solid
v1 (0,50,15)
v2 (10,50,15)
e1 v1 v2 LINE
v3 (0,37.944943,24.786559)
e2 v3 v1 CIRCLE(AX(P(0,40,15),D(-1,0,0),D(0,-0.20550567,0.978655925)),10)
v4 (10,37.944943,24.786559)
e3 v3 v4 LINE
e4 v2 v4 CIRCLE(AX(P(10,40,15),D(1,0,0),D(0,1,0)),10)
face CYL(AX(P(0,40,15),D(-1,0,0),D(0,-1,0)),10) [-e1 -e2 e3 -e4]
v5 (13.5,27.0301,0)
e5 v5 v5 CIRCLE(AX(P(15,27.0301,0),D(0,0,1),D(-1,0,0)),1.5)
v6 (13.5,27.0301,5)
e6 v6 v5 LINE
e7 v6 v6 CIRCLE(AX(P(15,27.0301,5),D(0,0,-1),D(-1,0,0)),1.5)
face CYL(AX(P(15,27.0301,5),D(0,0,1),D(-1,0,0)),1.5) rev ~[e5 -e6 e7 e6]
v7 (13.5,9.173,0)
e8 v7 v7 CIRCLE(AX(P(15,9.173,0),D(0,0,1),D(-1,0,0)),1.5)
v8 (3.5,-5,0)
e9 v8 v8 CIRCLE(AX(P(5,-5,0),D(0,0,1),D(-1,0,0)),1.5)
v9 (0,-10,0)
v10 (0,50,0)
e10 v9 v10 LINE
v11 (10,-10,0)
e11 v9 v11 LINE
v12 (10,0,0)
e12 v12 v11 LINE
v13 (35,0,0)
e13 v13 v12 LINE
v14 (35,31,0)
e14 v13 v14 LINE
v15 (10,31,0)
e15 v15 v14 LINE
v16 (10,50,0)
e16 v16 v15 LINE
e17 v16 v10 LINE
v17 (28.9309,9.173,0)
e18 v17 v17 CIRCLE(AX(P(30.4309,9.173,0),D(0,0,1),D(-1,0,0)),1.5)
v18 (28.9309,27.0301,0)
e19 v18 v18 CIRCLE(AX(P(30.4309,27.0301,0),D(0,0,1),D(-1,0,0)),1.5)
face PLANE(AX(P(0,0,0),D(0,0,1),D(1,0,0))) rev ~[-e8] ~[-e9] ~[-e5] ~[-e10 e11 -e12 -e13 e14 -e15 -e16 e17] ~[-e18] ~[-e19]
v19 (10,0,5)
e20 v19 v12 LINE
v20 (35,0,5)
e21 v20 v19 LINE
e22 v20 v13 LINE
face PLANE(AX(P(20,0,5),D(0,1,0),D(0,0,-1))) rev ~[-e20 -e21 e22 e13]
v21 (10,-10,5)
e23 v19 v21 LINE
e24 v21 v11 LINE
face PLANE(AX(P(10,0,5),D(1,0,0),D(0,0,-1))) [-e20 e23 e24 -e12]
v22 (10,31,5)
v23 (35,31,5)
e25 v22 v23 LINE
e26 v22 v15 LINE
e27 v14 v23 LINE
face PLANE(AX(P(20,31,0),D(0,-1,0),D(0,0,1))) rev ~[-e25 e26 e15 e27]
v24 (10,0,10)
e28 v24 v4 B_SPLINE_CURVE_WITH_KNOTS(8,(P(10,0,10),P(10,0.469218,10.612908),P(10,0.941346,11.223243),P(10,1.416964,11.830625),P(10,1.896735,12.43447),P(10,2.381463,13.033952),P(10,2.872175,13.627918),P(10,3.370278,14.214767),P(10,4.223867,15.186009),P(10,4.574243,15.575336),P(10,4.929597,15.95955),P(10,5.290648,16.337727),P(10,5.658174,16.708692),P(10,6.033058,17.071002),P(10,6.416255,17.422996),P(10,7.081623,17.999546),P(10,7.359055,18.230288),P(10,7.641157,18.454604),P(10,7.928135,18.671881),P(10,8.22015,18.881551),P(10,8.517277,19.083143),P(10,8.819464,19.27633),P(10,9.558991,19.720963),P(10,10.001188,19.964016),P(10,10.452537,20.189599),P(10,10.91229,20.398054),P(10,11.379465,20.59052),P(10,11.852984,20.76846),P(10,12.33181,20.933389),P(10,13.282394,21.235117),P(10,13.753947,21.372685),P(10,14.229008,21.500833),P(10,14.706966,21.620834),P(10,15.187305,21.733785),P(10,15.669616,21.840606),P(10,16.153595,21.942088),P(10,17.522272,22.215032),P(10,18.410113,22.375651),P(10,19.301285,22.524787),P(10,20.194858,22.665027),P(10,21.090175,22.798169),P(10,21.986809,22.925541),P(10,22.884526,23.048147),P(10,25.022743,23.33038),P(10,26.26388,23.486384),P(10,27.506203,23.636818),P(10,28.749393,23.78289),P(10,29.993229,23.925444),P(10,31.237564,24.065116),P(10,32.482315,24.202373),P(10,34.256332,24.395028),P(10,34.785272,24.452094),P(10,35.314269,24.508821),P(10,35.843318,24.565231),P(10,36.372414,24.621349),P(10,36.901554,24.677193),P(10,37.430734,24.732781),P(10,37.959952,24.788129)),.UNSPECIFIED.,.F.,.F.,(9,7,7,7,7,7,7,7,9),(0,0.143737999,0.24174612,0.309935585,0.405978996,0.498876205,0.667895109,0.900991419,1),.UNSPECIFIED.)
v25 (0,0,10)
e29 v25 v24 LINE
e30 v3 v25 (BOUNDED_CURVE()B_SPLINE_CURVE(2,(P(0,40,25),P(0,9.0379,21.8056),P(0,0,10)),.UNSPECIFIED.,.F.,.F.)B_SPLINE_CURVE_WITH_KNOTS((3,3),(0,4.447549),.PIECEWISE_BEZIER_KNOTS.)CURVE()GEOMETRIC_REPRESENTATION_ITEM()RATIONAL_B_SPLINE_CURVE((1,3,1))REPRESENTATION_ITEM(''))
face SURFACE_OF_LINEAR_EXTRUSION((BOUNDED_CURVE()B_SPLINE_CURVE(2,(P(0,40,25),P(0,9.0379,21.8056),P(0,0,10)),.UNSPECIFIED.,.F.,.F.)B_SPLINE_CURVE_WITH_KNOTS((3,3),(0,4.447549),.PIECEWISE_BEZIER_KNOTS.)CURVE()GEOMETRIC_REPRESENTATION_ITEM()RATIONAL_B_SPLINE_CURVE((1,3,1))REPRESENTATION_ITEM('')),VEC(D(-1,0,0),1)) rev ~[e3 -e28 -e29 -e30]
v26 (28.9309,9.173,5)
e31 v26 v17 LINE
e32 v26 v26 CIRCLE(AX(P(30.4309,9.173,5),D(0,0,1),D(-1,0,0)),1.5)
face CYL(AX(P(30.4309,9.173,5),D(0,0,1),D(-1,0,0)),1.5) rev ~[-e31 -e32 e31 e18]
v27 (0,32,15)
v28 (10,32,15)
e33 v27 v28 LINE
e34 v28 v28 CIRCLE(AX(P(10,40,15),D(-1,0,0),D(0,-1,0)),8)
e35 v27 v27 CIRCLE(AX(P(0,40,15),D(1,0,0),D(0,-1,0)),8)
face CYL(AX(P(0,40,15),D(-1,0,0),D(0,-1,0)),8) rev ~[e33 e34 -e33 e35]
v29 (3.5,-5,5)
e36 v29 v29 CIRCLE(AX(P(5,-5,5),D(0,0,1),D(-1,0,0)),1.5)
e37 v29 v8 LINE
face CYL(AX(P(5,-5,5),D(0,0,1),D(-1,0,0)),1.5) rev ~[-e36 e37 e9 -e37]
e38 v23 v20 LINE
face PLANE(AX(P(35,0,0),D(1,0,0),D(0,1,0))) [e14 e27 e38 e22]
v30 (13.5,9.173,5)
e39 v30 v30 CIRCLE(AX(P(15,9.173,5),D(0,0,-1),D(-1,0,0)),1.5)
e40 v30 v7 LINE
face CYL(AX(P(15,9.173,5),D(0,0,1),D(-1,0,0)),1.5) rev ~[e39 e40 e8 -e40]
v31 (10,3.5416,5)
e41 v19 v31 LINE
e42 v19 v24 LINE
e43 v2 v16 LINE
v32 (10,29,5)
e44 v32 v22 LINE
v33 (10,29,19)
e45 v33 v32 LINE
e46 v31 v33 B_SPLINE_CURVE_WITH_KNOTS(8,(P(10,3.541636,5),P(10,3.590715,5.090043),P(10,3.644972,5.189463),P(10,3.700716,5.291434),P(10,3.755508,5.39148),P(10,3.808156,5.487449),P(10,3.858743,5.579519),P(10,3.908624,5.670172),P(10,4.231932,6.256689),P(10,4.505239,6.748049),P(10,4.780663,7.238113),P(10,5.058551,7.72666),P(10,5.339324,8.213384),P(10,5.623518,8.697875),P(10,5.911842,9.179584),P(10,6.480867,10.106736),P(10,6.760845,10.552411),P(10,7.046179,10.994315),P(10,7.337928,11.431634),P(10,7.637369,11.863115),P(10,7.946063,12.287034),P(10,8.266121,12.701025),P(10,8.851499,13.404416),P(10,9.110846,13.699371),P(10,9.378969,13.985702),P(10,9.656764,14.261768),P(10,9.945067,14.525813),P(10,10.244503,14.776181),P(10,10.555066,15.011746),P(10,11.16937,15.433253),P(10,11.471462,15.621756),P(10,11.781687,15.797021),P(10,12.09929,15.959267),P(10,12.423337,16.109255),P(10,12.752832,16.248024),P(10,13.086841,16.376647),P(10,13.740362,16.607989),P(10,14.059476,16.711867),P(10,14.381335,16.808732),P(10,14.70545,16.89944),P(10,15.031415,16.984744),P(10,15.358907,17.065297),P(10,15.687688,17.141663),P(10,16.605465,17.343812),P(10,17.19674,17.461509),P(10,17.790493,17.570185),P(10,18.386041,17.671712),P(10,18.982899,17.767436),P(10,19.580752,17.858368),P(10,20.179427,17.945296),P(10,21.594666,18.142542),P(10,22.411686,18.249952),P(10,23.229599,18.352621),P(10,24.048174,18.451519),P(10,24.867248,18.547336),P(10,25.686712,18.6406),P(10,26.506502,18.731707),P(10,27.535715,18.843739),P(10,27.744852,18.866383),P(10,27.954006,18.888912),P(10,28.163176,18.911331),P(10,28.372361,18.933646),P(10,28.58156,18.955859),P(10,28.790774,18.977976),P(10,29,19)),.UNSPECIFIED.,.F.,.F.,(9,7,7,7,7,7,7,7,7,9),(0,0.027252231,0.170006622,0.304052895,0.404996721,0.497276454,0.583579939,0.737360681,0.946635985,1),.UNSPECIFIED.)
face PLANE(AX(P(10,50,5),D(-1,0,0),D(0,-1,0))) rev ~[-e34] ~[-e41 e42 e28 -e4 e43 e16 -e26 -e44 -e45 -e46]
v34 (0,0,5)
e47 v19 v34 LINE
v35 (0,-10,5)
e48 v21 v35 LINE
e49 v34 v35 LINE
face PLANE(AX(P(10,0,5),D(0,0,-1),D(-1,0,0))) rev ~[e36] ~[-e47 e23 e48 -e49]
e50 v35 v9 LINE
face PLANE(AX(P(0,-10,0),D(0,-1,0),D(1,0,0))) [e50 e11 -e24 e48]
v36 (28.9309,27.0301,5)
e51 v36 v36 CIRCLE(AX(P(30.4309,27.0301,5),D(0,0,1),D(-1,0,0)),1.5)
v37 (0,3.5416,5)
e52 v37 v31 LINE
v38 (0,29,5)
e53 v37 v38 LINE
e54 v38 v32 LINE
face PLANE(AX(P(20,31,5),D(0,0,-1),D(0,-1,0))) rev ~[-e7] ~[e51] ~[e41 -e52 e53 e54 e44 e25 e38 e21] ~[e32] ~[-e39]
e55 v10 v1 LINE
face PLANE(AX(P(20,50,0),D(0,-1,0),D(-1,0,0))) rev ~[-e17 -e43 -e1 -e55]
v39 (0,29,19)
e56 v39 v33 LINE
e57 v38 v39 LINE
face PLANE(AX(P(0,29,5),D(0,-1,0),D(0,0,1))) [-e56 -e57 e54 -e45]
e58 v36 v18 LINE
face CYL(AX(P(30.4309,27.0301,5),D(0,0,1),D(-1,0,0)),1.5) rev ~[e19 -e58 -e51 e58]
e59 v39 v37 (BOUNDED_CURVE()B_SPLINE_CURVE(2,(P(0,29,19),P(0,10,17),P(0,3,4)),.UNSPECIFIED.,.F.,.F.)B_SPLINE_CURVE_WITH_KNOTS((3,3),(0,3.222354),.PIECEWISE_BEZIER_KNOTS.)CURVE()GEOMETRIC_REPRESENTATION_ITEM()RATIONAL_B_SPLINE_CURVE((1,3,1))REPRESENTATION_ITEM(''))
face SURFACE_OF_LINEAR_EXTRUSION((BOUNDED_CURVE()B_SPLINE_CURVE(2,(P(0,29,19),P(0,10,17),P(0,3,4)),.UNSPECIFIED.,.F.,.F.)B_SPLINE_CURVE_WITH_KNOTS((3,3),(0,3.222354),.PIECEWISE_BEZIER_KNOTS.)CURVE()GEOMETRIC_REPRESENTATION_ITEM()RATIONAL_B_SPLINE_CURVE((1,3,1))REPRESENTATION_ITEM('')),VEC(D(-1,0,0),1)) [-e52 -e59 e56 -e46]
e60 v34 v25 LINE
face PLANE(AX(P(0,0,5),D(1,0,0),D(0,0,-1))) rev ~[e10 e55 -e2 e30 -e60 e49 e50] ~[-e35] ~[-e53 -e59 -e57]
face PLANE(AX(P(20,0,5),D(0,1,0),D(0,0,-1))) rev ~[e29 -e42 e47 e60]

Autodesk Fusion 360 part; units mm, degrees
sketch "Sketch1" plane through (0, 0, 0) normal (0, 0, 1) x (1, 0, 0)
  line L0 (0, 0) -> (20, 0)
  line L1 (20, 0) -> (20, 50)
  line L2 (20, 50) -> (0, 50)
  line L3 (0, 50) -> (0, 0)
  dimension "d1" = 50
extrude "Extrude1" add sketch "Sketch1" along normal blind 30
sketch "Sketch2" plane through (0, 0, 0) normal (0, -1, 0) x (1, 0, 0)
  line L0 (0, 0) -> (20, 0)
  line L1 (20, 0) -> (20, 30)
  line L2 (20, 30) -> (0, 30)
  line L3 (0, 30) -> (0, 0)
  line L4 (0, 30) -> (10, 30)
  line L5 (20, 0) -> (20, 5)
  line L6 (20, 5) -> (10, 5)
  line L7 (10, 5) -> (10, 30)
  dimension "d4" = 5
extrude "Extrude2" cut sketch "Sketch2" against normal blind 70 contours L1 L2 L6 L7
sketch "Sketch3" plane through (0, 0, 0) normal (-1, 0, 0) x (0, -1, 0)
  line L0 (-50, 0) -> (0, 0)
  line L1 (0, 0) -> (0, 30)
  line L2 (0, 30) -> (-50, 30)
  line L3 (-50, 30) -> (-50, 0)
  line L4 (-50, 15) -> (-40, 15)
  line L5 (-40, 15) -> (-40, 30)
  circle A0 centre (-40, 15) radius 8
  dimension "d7" = 16
extrude "Extrude3" cut sketch "Sketch3" against normal blind 15 contours L4 L5 A0 | L4 L5 A0
sketch "Sketch4" plane through (0, 0, 5) normal (0, 0, 1) x (-1, 0, 0)
  line L0 (-20, -50) -> (-10, -50)
  line L1 (-10, -50) -> (-10, 0)
  line L2 (-10, 0) -> (-20, 0)
  line L3 (-20, 0) -> (-20, -50)
  circle A0 centre (-15, -45) radius 0.25
  line L4 (-10, -30) -> (-20, -30)
  circle A1 centre (-15, -27.0301) radius 1.5
  circle A2 centre (-15, -23.4587) radius 1.5
  circle A3 centre (-15, -19.8873) radius 1.5
  circle A4 centre (-15, -16.3158) radius 1.5
  circle A5 centre (-15, -12.7444) radius 1.5
  circle A6 centre (-15, -9.173) radius 1.5
  circle A7 centre (-15, -5.6015) radius 1.5
  circle A8 centre (-15, -2.0301) radius 1.5
  dimension "d11" = 3
  dimension "d14" = 0
  dimension "d15" = 25
extrude "Extrude4" cut sketch "Sketch4" against normal blind 15 contours A1 | A2 | A3 | A4 | A5 | A6 | A7 | A8
sketch "Sketch5" plane through (0, 0, 0) normal (-1, 0, 0) x (0, -1, 0)
  circle A0 centre (-40, 15) radius 8
  line L0 (-50, 0) -> (0, 0)
  line L1 (0, 0) -> (0, 30)
  line L2 (0, 30) -> (-50, 30)
  line L3 (-50, 30) -> (-50, 0)
  circle A1 centre (-40, 15) radius 10
  spline S0 degree 2 poles (-40, 25) (-9.0379, 21.8056) (0, 10) knots 0 0 0 4.447549 4.447549 4.447549 weights 1 3 1
extrude "Extrude5" cut sketch "Sketch5" against normal blind 60 contours L1 L2 L3 A1 S0
sketch "Sketch6" plane through (0, 0, 0) normal (-1, 0, 0) x (0, -1, 0)
  arc A0 (-37.945, 24.7866) -> (-50, 15) centre (-40, 15) ccw
  line L0 (-50, 15) -> (-50, 0)
  line L1 (-50, 0) -> (0, 0)
  line L2 (0, 0) -> (0, 10)
  spline S0 degree 2 poles (0, 10) (-9.0024, 21.7593) (-37.945, 24.7866) knots -4.447549 -4.447549 -4.447549 -0.051947 -0.051947 -0.051947 weights 1 2.97664 1.046174
  circle A1 centre (-40, 15) radius 8
  line L3 (-3, 4) -> (-4, 4)
  line L4 (-4, 4) -> (-29, 4)
  line L5 (-29, 4) -> (-29, 19)
  spline S1 degree 2 poles (-29, 19) (-10, 17) (-3, 4) knots 0 0 0 3.222354 3.222354 3.222354 weights 1 3 1
  line L6 (-3.5416, 5) -> (-29, 5)
extrude "Extrude6" cut sketch "Sketch6" against normal blind 16 contours L5 S1 L6
sketch "Sketch7" plane through (0, 0, 5) normal (0, 0, 1) x (-1, 0, 0)
  circle A0 centre (-15, -9.173) radius 1.5
  circle A1 centre (-15, -5.6015) radius 1.5
  circle A2 centre (-15, -12.7444) radius 1.5
  circle A3 centre (-15, -16.3158) radius 1.5
  line L0 (-10, -3.5416) -> (-10, 0)
  line L1 (-10, 0) -> (-20, 0)
  line L2 (-20, 0) -> (-20, -50)
  line L3 (-20, -50) -> (-10, -50)
  line L4 (-10, -50) -> (-10, -29)
  line L5 (-10, -29) -> (0, -29)
  line L6 (0, -29) -> (0, -3.5416)
  line L7 (0, -3.5416) -> (-10, -3.5416)
  circle A4 centre (-15, -19.8873) radius 1.5
  circle A5 centre (-15, -27.0301) radius 1.5
  circle A6 centre (-15, -23.4587) radius 1.5
  circle A7 centre (-15, -2.0301) radius 1.5
  line L8 (-10, -50) -> (-10, -31)
  line L9 (-20, -31) -> (-10, -31)
  line L10 (-20, -31) -> (-20, -50)
  line L11 (-10, -50) -> (-20, -50)
extrude "Extrude7" cut sketch "Sketch7" against normal blind 15 contours L2 L3 L4 L8 L9 L10 L11
sketch "Sketch8" plane through (0, 0, 0) normal (0, 0, -1) x (1, 0, 0)
  line L0 (10, -31) -> (20, -31)
  line L1 (20, -31) -> (20, 0)
  line L2 (20, 0) -> (0, 0)
  line L3 (0, 0) -> (0, -50)
  line L4 (0, -50) -> (10, -50)
  line L5 (10, -50) -> (10, -31)
  circle A0 centre (15, -19.8873) radius 1.5
  circle A1 centre (15, -5.6015) radius 1.5
  circle A2 centre (15, -9.173) radius 1.5
  circle A3 centre (15, -23.4587) radius 1.5
  circle A4 centre (15, -16.3158) radius 1.5
  circle A5 centre (15, -2.0301) radius 1.5
  circle A6 centre (15, -12.7444) radius 1.5
  circle A7 centre (15, -27.0301) radius 1.5
  circle A8 centre (15, -5.6015) radius 1.5
  circle A9 centre (15, -2.0301) radius 1.5
  circle A10 centre (15, -12.7444) radius 1.5
  circle A11 centre (15, -16.3158) radius 1.5
  circle A12 centre (15, -19.8873) radius 1.5
  circle A13 centre (15, -23.4587) radius 1.5
extrude "Extrude8" add sketch "Sketch8" against normal blind 5 contours A0 A12 | A1 A8 | A3 A13 | A4 A11 | A5 A9 | A6 A10
sketch "Sketch9" plane through (20, 0, 0) normal (1, 0, 0) x (0, 1, 0)
  line L0 (31, 0) -> (31, 5)
  line L1 (31, 5) -> (0, 5)
  line L2 (0, 5) -> (0, 0)
  line L3 (0, 0) -> (31, 0)
extrude "Extrude9" add sketch "Sketch9" along normal blind 15
sketch "Sketch10" plane through (0, 0, 5) normal (0, 0, 1) x (-1, 0, 0)
  line L0 (-35, -31) -> (-10, -31)
  line L1 (-10, -31) -> (-10, -29)
  line L2 (-10, -29) -> (0, -29)
  line L3 (0, -29) -> (0, -3.5416)
  line L4 (0, -3.5416) -> (-10, -3.5416)
  line L5 (-10, -3.5416) -> (-10, 0)
  line L6 (-10, 0) -> (-35, 0)
  line L7 (-35, 0) -> (-35, -31)
  circle A0 centre (-15, -9.173) radius 1.5
  circle A1 centre (-15, -27.0301) radius 1.5
  circle A2 centre (-30.4309, -27.0301) radius 1.5
  circle A3 centre (-30.4309, -9.173) radius 1.5
  dimension "d30" = 3
  dimension "d31" = 3
extrude "Extrude10" cut sketch "Sketch10" against normal blind 40 contours A2 | A3
sketch "Sketch11" plane through (0, 0, 0) normal (0, -1, 0) x (1, 0, 0)
  line L0 (10, 10) -> (0, 10)
  line L1 (0, 10) -> (0, 0)
  line L2 (0, 0) -> (35, 0)
  line L3 (35, 0) -> (35, 5)
  line L4 (35, 5) -> (10, 5)
  line L5 (10, 5) -> (10, 10)
  line L6 (10, 5) -> (0, 5)
  line L7 (0, 0) -> (0, 5)
  line L8 (10, 5) -> (10, 0)
  line L9 (0, 0) -> (10, 0)
extrude "Extrude11" add sketch "Sketch11" along normal blind 10 contours L1 L2 L6 L7 L8 L9
sketch "Sketch12" plane through (0, 0, 5) normal (0, 0, 1) x (-1, 0, 0)
  line L0 (-10, 0) -> (0, 0)
  line L1 (0, 0) -> (0, 10)
  line L2 (0, 10) -> (-10, 10)
  line L3 (-10, 10) -> (-10, 0)
  circle A0 centre (-5, 5) radius 1.5
  dimension "d36" = 3
extrude "Extrude12" cut sketch "Sketch12" against normal blind 15 contours A0
